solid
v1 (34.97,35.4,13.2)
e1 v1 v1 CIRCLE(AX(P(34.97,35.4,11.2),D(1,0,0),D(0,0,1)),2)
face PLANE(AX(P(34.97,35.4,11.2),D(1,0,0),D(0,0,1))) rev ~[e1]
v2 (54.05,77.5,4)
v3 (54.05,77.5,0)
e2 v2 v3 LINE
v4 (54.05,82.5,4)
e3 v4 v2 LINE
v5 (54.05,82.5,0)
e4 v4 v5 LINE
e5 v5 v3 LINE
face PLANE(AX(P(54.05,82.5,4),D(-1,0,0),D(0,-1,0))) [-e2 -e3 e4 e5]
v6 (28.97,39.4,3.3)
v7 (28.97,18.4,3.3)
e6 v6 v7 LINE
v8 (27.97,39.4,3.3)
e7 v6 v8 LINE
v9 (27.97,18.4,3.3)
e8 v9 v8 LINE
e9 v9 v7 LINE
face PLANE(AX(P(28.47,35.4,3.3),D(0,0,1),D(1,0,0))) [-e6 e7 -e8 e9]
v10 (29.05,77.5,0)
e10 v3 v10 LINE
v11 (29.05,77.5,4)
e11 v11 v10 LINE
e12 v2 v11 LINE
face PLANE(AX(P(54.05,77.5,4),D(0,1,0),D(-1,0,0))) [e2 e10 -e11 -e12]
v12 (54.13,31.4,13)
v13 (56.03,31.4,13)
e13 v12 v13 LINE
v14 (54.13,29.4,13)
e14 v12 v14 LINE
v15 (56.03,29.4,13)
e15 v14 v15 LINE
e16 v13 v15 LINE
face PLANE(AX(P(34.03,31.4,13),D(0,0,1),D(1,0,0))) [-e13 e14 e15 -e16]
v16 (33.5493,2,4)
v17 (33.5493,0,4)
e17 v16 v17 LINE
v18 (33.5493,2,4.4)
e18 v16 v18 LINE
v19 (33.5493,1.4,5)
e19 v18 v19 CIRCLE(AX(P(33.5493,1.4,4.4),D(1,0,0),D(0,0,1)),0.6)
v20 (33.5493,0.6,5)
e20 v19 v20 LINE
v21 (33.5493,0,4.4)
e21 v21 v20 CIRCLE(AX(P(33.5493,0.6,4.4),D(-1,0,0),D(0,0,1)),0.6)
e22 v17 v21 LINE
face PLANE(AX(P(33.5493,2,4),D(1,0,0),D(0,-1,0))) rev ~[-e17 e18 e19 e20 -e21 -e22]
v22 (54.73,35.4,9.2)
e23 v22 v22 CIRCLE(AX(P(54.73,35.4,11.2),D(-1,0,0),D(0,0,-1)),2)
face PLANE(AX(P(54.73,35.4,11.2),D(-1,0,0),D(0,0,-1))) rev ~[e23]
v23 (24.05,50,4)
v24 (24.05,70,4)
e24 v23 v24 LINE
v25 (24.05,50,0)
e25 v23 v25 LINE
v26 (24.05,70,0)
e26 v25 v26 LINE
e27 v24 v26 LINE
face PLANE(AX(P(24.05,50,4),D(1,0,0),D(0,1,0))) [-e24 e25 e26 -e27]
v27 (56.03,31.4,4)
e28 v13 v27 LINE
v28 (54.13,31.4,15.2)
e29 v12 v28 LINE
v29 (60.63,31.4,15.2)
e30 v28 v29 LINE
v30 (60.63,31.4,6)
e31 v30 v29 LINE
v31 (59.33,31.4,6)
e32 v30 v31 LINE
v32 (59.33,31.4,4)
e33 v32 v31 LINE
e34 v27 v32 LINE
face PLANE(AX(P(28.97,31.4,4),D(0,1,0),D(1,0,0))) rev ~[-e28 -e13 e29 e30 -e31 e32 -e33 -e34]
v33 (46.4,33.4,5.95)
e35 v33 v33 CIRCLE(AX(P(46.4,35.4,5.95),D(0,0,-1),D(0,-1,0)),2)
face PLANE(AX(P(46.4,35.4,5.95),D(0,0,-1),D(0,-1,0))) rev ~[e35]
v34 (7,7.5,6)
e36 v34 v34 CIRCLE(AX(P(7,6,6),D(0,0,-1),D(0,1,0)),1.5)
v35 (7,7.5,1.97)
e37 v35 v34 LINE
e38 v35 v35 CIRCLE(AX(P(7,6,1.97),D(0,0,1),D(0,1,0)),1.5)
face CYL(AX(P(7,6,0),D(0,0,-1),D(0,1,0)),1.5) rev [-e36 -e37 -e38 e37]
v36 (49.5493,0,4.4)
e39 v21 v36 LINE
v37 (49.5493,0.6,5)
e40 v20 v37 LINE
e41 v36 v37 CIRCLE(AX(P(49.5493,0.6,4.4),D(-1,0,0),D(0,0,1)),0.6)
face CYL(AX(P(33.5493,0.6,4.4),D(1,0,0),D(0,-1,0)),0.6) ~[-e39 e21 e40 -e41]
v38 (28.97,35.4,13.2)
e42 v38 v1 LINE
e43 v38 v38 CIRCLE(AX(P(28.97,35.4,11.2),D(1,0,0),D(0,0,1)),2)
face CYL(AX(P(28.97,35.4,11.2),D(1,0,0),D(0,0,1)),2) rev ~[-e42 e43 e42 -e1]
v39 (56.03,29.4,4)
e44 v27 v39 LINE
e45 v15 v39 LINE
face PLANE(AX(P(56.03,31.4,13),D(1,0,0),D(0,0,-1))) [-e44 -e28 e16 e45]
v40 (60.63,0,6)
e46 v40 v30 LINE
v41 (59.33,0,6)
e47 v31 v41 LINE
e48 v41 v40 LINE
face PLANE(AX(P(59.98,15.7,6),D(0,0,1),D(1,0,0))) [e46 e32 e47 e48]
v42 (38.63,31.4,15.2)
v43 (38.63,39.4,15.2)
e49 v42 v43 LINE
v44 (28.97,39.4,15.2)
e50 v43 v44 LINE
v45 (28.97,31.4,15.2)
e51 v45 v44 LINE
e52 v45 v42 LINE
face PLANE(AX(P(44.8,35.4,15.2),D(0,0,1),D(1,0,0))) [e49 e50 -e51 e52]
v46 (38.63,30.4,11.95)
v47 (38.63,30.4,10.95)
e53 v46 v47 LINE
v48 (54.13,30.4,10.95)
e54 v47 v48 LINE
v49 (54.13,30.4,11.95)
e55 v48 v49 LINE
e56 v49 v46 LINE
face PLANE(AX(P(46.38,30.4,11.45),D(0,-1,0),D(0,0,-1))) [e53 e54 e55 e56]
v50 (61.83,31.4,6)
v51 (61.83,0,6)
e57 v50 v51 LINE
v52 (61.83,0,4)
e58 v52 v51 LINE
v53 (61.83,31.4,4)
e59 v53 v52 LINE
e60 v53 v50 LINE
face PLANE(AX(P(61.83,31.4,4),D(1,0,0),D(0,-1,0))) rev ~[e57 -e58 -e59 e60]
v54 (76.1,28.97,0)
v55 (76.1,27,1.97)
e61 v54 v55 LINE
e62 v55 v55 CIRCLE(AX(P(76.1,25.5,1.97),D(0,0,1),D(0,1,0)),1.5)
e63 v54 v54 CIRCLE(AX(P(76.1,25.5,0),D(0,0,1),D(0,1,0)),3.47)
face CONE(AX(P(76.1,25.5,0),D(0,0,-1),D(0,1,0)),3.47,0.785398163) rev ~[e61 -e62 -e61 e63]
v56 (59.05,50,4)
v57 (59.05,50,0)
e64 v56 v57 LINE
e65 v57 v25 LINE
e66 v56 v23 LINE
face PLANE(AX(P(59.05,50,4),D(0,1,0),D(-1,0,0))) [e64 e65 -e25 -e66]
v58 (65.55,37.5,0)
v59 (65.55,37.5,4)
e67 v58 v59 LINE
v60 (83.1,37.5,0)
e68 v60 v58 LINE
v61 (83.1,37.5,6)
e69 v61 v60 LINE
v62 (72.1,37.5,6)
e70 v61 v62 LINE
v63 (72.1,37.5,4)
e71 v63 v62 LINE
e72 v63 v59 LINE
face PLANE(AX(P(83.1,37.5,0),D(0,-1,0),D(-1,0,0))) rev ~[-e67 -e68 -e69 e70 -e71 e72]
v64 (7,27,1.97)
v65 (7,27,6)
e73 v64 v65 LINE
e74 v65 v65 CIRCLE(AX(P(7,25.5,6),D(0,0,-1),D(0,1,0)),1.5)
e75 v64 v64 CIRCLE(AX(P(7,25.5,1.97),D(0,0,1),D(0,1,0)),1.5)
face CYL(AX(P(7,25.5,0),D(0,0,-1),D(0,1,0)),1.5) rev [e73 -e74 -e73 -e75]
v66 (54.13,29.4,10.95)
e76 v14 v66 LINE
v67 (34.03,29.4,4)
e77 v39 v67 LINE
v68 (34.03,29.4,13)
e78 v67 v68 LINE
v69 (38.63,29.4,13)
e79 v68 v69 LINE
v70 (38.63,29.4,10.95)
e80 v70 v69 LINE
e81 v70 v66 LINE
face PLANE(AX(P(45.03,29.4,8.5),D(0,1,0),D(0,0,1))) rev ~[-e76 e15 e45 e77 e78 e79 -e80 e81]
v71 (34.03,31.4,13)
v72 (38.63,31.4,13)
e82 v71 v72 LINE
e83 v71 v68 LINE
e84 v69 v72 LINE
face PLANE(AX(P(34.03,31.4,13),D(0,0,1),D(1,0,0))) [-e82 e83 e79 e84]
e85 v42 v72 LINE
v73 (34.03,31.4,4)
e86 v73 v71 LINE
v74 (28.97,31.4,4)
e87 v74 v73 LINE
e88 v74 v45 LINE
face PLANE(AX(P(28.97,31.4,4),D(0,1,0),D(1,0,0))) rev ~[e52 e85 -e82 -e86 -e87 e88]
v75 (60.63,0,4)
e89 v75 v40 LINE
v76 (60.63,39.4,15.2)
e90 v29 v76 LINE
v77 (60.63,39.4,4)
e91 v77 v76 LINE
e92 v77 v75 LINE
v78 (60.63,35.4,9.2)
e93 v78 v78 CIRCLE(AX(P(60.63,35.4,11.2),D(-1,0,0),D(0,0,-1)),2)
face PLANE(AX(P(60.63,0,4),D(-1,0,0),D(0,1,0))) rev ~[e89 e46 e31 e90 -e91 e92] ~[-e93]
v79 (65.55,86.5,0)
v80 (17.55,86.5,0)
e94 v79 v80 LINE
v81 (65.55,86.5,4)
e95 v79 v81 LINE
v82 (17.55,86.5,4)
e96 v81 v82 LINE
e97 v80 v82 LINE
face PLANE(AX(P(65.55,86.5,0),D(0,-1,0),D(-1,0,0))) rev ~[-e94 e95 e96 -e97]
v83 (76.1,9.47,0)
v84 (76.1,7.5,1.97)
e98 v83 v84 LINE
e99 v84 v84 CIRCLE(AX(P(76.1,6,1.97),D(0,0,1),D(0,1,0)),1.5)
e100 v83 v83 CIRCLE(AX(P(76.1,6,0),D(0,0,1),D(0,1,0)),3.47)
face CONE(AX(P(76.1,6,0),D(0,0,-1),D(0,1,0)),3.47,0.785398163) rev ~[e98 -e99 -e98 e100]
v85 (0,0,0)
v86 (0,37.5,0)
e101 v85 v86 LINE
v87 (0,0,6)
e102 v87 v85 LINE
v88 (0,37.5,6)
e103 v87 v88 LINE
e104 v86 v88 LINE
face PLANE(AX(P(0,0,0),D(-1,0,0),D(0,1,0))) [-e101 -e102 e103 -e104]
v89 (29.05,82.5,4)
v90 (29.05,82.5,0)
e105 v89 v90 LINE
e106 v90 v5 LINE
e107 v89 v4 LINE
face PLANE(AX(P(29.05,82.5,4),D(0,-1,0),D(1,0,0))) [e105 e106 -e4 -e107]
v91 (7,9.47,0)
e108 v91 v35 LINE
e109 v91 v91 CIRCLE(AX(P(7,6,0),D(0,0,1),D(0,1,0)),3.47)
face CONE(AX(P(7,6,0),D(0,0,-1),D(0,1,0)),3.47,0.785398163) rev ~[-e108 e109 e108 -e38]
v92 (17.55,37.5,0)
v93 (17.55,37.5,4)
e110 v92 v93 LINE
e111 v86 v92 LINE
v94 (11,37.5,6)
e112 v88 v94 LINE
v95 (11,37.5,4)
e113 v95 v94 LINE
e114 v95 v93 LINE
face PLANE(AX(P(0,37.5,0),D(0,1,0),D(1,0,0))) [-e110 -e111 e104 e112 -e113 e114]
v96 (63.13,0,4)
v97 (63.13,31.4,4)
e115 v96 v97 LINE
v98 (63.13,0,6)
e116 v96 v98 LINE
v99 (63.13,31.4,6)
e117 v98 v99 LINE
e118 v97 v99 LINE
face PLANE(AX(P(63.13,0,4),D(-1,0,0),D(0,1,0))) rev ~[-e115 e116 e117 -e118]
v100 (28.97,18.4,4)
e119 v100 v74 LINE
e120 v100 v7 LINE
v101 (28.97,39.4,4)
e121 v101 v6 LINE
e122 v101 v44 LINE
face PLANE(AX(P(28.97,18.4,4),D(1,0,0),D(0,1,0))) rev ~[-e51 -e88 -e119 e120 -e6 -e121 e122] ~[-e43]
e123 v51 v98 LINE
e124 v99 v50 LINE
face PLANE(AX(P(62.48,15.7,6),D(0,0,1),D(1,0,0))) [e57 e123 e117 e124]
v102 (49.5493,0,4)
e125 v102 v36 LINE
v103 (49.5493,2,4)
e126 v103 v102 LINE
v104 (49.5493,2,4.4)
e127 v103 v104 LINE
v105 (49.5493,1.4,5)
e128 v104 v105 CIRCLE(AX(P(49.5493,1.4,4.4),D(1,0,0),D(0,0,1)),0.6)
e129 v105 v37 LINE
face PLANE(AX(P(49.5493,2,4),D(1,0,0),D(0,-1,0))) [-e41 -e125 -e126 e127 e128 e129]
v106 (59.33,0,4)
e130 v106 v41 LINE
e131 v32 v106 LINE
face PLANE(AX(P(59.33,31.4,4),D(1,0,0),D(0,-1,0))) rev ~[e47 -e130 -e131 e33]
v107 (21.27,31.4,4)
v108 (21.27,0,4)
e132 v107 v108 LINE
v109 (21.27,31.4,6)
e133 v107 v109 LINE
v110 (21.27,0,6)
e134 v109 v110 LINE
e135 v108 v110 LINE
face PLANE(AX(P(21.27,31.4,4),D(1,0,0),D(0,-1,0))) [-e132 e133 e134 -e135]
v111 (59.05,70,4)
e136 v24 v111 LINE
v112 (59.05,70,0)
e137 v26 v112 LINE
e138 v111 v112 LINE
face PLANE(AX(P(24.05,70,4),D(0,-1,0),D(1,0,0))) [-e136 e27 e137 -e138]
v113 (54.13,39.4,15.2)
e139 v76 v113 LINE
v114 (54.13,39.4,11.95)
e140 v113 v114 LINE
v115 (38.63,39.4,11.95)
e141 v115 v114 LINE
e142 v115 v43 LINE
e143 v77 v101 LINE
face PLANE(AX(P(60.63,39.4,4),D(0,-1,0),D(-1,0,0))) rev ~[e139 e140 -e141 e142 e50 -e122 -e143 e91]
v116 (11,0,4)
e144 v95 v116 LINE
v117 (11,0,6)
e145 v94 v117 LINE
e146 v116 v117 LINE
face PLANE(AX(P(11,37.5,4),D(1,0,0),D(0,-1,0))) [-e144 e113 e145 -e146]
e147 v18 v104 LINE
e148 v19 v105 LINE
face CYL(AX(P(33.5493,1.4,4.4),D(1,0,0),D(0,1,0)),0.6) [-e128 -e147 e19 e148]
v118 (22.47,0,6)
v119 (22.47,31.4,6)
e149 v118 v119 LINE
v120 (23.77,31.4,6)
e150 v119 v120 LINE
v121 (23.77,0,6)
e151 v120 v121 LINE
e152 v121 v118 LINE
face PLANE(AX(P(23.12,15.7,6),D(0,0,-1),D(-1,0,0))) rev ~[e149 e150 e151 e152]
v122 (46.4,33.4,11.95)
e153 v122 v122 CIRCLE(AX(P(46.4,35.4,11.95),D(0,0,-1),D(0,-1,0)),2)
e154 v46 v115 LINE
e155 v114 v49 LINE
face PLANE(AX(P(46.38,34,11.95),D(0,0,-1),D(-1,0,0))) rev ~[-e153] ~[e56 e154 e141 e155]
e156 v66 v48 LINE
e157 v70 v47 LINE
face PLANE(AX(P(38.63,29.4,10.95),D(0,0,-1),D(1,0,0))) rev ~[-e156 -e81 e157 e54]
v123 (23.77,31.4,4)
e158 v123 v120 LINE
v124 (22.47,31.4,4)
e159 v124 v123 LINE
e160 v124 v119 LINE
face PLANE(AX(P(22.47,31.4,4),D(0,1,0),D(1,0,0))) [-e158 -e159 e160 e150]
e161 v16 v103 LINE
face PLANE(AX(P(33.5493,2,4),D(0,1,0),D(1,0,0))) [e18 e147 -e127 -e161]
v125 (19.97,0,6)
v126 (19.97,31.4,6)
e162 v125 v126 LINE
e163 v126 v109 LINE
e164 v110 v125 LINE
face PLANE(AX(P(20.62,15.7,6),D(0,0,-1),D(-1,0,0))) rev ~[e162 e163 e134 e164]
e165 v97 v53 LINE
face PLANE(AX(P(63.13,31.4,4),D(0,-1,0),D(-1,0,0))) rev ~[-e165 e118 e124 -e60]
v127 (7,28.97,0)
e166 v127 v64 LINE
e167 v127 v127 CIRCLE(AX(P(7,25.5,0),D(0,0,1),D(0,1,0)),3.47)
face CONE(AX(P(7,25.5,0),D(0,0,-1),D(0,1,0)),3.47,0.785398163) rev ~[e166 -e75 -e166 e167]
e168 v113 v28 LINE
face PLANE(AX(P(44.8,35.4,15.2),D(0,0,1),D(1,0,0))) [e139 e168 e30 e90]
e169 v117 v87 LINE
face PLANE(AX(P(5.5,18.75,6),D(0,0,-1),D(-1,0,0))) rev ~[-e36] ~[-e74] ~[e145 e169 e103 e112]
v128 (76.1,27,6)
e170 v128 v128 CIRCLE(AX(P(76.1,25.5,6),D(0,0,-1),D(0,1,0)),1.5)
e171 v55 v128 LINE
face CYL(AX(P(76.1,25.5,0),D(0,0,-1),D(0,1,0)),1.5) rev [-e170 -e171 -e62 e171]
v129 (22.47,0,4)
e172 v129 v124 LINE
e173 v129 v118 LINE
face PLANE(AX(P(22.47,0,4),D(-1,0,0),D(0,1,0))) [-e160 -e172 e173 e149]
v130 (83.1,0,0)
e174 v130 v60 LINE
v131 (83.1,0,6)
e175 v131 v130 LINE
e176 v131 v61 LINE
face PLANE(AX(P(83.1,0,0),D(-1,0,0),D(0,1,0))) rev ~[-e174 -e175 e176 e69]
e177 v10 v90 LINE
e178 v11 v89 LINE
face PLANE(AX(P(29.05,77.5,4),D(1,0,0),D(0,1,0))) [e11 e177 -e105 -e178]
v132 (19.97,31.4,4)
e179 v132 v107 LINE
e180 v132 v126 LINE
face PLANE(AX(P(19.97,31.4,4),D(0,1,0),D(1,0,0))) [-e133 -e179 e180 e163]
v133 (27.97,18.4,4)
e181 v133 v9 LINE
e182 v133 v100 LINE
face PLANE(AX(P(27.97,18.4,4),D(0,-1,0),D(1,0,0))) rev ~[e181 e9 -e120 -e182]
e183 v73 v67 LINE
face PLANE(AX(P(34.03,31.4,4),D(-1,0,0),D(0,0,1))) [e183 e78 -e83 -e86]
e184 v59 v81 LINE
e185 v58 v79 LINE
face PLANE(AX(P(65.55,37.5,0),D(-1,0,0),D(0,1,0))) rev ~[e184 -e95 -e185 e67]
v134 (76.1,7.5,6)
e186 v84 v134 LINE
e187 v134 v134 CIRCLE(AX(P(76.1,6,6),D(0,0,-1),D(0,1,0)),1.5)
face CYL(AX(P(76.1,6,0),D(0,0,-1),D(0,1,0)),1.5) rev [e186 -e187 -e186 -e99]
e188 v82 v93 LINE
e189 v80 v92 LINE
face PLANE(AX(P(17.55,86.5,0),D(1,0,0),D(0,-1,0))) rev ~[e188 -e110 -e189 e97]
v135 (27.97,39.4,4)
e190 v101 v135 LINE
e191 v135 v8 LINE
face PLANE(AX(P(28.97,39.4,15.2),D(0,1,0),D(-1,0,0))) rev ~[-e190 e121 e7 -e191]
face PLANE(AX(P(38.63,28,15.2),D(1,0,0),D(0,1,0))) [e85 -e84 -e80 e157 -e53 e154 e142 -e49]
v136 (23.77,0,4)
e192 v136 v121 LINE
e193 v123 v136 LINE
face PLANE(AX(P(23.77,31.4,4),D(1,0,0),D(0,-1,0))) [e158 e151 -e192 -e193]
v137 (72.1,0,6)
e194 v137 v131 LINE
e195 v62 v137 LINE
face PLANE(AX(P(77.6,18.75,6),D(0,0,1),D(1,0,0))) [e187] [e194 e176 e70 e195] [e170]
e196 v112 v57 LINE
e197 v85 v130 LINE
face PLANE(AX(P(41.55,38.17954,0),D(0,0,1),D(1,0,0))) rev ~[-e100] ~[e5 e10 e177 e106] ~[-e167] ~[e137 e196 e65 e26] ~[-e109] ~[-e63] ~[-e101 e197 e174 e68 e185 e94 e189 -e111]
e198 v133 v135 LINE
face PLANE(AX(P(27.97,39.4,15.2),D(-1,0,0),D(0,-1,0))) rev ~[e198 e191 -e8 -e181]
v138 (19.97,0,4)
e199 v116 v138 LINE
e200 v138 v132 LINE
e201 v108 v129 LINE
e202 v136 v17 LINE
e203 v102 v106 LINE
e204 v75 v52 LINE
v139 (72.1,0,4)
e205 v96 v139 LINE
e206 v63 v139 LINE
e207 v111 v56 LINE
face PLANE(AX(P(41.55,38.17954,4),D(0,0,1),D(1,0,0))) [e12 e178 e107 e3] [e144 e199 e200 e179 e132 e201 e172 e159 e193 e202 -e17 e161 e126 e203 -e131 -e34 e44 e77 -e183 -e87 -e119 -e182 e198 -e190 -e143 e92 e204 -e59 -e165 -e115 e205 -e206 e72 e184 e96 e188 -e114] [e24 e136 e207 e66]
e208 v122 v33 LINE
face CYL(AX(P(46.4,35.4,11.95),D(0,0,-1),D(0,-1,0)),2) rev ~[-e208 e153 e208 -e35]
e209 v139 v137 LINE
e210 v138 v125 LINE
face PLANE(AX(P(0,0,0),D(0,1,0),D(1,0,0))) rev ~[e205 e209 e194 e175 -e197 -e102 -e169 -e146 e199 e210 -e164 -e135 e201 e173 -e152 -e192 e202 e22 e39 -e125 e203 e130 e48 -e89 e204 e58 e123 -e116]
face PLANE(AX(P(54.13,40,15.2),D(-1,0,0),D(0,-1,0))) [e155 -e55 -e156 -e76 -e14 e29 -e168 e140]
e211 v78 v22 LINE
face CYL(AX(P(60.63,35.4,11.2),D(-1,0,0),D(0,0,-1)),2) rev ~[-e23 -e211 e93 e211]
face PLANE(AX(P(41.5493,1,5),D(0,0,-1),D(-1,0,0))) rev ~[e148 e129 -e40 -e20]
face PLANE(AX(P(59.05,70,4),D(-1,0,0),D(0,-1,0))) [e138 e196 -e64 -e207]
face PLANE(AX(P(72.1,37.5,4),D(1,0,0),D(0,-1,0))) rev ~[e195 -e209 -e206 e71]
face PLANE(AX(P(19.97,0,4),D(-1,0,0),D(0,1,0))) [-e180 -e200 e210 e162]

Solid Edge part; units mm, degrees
sketch "Sketch1" plane through (0, 0, 0) normal (0, 0, 1) x (1, 0, 0)
  line L0 (83.1, 37.5) -> (65.55, 37.5)
  line L1 (65.55, 37.5) -> (65.55, 86.5)
  line L2 (65.55, 86.5) -> (17.55, 86.5)
  line L3 (17.55, 86.5) -> (17.55, 37.5)
  line L4 (0, 37.5) -> (17.55, 37.5)
  line L5 (0, 0) -> (0, 37.5)
  line L6 (0, 0) -> (83.1, 0)
  line L7 (83.1, 0) -> (83.1, 37.5)
extrude "Protrusion1" add sketch "Sketch1" along normal blind 4
sketch "Sketch2" plane through (40.5, 43.25, 4) normal (0, 0, 1) x (1, 0, 0)
  line L0 (-29.5, -5.75) -> (-29.5, -43.25)
  line L1 (-29.5, -43.25) -> (-40.5, -43.25)
  line L2 (-40.5, -43.25) -> (-40.5, -5.75)
  line L3 (-40.5, -5.75) -> (-29.5, -5.75)
  line L4 (-20.53, -43.25) -> (-20.53, -11.85)
  line L5 (-20.53, -11.85) -> (-19.23, -11.85)
  line L6 (-19.23, -11.85) -> (-19.23, -43.25)
  line L7 (-19.23, -43.25) -> (-20.53, -43.25)
  line L8 (-16.73, -11.85) -> (-16.73, -43.25)
  line L9 (-16.73, -43.25) -> (-18.03, -43.25)
  line L10 (-18.03, -43.25) -> (-18.03, -11.85)
  line L11 (-18.03, -11.85) -> (-16.73, -11.85)
  line L12 (18.83, -11.85) -> (18.83, -43.25)
  line L13 (18.83, -43.25) -> (20.13, -43.25)
  line L14 (20.13, -43.25) -> (20.13, -11.85)
  line L15 (20.13, -11.85) -> (18.83, -11.85)
  line L16 (22.63, -43.25) -> (22.63, -11.85)
  line L17 (22.63, -11.85) -> (21.33, -11.85)
  line L18 (21.33, -11.85) -> (21.33, -43.25)
  line L19 (21.33, -43.25) -> (22.63, -43.25)
  line L20 (31.6, -5.75) -> (31.6, -43.25)
  line L21 (31.6, -43.25) -> (42.6, -43.25)
  line L22 (42.6, -43.25) -> (42.6, -5.75)
  line L23 (42.6, -5.75) -> (31.6, -5.75)
  dimension "D1" = 37.5
  dimension "D2" = 6.55
  dimension "D3" = 6.55
  dimension "D4" = 37.5
  dimension "D5" = 11
  dimension "D6" = 11
  dimension "D7" = 2.42
  dimension "D8" = 31.4
  dimension "D9" = 1.3
  dimension "D10" = 31.4
  dimension "D11" = 1.3
  dimension "D12" = 4.92
  dimension "D13" = 31.4
  dimension "D14" = 1.3
  dimension "D15" = 2.42
  dimension "D16" = 31.4
  dimension "D17" = 1.3
  dimension "D18" = 4.92
  dimension "D19" = 6
  dimension "D20" = 13
  dimension "D21" = 1
extrude "ExtrudedProtrusion_2" add sketch "Sketch2" along normal blind 2
sketch "Sketch3" plane through (41.55, 43.25, 4) normal (0, 0, 1) x (1, 0, 0)
  line L0 (-12.58, -11.85) -> (19.08, -11.85)
  line L1 (19.08, -11.85) -> (19.08, -3.85)
  line L2 (19.08, -3.85) -> (-12.58, -3.85)
  line L3 (-12.58, -11.85) -> (-12.58, -3.85)
extrude "ExtrudedProtrusion_3" add sketch "Sketch3" along normal blind 11.2
hole "Hole_1" at (60.63, 35.4, 11.2) direction (-1, 0, 0) diameter 4 depth 5.9
sketch "Sketch4" plane through (41.55, 43.25, 4) normal (0, 0, 1) x (1, 0, 0)
  line L0 (12.5, 34.25) -> (-12.5, 34.25)
  line L1 (-12.5, 34.25) -> (-12.5, 39.25)
  line L2 (-12.5, 39.25) -> (12.5, 39.25)
  line L3 (12.5, 39.25) -> (12.5, 34.25)
  line L4 (-17.5, 26.75) -> (17.5, 26.75)
  line L5 (17.5, 26.75) -> (17.5, 6.75)
  line L6 (17.5, 6.75) -> (-17.5, 6.75)
  line L7 (-17.5, 6.75) -> (-17.5, 26.75)
  dimension "D1" = 35
  dimension "D2" = 20
  dimension "D3" = 12.5
  dimension "D4" = 6.5
  dimension "D5" = 25
  dimension "D6" = 5
  dimension "D7" = 4
  dimension "D8" = 11.5
extrude "Cutout1" cut sketch "Sketch4" against normal through all
hole "Hole_3" at (7, 6, 0) direction (0, 0, 1) diameter 3 end through all countersink diameter 6.94 countersink angle 90
hole "Hole1" at (7, 25.5, 0) direction (0, 0, 1) diameter 3 end through all countersink diameter 6.94 countersink angle 90
hole "Hole2" at (76.1, 6, 0) direction (0, 0, 1) diameter 3 end through all countersink diameter 6.94 countersink angle 90
hole "Hole3" at (76.1, 25.5, 0) direction (0, 0, 1) diameter 3 end through all countersink diameter 6.94 countersink angle 90
sketch "Sketch5" plane through (41.55, 15.7, 4) normal (0, 0, 1) x (1, 0, 0)
  line L0 (-8.0007, -13.7) -> (7.9993, -13.7)
  line L1 (7.9993, -13.7) -> (7.9993, -15.7)
  line L2 (-8.0007, -15.7) -> (7.9993, -15.7)
  line L3 (-8.0007, -13.7) -> (-8.0007, -15.7)
extrude "ExtrudedProtrusion_4" add sketch "Sketch5" along normal blind 1
fillet "Round_1" radius 0.6 2 edges at (41.5493, 2, 5) (41.5493, 0, 5)
sketch "Sketch6" plane through (40.5, 43.25, 4) normal (0, 0, 1) x (1, 0, 0)
  line L0 (-11.53, -24.85) -> (-11.53, -11.85)
  line L1 (-11.53, -11.85) -> (-12.53, -11.85)
  line L2 (-12.53, -11.85) -> (-12.53, -24.85)
  line L3 (-12.53, -24.85) -> (-11.53, -24.85)
extrude "ExtrudedCutout_7" cut sketch "Sketch6" against normal blind 0.7
sketch "Sketch7" plane through (41.55, 35.4, 15.2) normal (0, 0, 1) x (1, 0, 0)
  line L0 (-13.58, 4) -> (-13.58, -4)
  line L1 (-13.58, -4) -> (-12.58, -4)
  line L2 (-12.58, -4) -> (-12.58, 4)
  line L3 (-12.58, 4) -> (-13.58, 4)
extrude "ExtrudedCutout_8" cut sketch "Sketch7" against normal blind 11.9
hole "Hole_7" at (28.97, 35.4, 11.2) direction (1, 0, 0) diameter 4 depth 6
sketch "Sketch8" plane through (44.8, 31.4, 9.6) normal (0, -1, 0) x (-1, 0, 0)
  line L0 (-11.23, -3.4) -> (-11.23, 5.6)
  line L1 (-11.23, 5.6) -> (10.77, 5.6)
  line L2 (10.77, 5.6) -> (10.77, -3.4)
  line L3 (10.77, -3.4) -> (-11.23, -3.4)
extrude "ExtrudedProtrusion_5" add sketch "Sketch8" along normal blind 2
sketch "Sketch9" plane through (44.8, 35.4, 15.2) normal (0, 0, 1) x (-1, 0, 0)
  line L0 (-9.33, -4.6) -> (-9.33, 7.4)
  line L1 (-9.33, 7.4) -> (6.17, 7.4)
  line L2 (6.17, 7.4) -> (6.17, -4.6)
  line L3 (6.17, -4.6) -> (-9.33, -4.6)
extrude "ExtrudedCutout_10" cut sketch "Sketch9" against normal blind 3.25
sketch "Sketch10" plane through (45.03, 29.4, 8.5) normal (0, -1, 0) x (-1, 0, 0)
  line L0 (6.4, -2.45) -> (-9.1, -2.45)
  line L1 (-9.1, -2.45) -> (-9.1, -3.45)
  line L2 (-9.1, -3.45) -> (6.4, -3.45)
  line L3 (6.4, -3.45) -> (6.4, -2.45)
extrude "ExtrudedCutout_11" cut sketch "Sketch10" against normal blind 1
hole "Hole_8" at (46.4, 35.4, 11.95) direction (0, 0, -1) diameter 4 depth 6
